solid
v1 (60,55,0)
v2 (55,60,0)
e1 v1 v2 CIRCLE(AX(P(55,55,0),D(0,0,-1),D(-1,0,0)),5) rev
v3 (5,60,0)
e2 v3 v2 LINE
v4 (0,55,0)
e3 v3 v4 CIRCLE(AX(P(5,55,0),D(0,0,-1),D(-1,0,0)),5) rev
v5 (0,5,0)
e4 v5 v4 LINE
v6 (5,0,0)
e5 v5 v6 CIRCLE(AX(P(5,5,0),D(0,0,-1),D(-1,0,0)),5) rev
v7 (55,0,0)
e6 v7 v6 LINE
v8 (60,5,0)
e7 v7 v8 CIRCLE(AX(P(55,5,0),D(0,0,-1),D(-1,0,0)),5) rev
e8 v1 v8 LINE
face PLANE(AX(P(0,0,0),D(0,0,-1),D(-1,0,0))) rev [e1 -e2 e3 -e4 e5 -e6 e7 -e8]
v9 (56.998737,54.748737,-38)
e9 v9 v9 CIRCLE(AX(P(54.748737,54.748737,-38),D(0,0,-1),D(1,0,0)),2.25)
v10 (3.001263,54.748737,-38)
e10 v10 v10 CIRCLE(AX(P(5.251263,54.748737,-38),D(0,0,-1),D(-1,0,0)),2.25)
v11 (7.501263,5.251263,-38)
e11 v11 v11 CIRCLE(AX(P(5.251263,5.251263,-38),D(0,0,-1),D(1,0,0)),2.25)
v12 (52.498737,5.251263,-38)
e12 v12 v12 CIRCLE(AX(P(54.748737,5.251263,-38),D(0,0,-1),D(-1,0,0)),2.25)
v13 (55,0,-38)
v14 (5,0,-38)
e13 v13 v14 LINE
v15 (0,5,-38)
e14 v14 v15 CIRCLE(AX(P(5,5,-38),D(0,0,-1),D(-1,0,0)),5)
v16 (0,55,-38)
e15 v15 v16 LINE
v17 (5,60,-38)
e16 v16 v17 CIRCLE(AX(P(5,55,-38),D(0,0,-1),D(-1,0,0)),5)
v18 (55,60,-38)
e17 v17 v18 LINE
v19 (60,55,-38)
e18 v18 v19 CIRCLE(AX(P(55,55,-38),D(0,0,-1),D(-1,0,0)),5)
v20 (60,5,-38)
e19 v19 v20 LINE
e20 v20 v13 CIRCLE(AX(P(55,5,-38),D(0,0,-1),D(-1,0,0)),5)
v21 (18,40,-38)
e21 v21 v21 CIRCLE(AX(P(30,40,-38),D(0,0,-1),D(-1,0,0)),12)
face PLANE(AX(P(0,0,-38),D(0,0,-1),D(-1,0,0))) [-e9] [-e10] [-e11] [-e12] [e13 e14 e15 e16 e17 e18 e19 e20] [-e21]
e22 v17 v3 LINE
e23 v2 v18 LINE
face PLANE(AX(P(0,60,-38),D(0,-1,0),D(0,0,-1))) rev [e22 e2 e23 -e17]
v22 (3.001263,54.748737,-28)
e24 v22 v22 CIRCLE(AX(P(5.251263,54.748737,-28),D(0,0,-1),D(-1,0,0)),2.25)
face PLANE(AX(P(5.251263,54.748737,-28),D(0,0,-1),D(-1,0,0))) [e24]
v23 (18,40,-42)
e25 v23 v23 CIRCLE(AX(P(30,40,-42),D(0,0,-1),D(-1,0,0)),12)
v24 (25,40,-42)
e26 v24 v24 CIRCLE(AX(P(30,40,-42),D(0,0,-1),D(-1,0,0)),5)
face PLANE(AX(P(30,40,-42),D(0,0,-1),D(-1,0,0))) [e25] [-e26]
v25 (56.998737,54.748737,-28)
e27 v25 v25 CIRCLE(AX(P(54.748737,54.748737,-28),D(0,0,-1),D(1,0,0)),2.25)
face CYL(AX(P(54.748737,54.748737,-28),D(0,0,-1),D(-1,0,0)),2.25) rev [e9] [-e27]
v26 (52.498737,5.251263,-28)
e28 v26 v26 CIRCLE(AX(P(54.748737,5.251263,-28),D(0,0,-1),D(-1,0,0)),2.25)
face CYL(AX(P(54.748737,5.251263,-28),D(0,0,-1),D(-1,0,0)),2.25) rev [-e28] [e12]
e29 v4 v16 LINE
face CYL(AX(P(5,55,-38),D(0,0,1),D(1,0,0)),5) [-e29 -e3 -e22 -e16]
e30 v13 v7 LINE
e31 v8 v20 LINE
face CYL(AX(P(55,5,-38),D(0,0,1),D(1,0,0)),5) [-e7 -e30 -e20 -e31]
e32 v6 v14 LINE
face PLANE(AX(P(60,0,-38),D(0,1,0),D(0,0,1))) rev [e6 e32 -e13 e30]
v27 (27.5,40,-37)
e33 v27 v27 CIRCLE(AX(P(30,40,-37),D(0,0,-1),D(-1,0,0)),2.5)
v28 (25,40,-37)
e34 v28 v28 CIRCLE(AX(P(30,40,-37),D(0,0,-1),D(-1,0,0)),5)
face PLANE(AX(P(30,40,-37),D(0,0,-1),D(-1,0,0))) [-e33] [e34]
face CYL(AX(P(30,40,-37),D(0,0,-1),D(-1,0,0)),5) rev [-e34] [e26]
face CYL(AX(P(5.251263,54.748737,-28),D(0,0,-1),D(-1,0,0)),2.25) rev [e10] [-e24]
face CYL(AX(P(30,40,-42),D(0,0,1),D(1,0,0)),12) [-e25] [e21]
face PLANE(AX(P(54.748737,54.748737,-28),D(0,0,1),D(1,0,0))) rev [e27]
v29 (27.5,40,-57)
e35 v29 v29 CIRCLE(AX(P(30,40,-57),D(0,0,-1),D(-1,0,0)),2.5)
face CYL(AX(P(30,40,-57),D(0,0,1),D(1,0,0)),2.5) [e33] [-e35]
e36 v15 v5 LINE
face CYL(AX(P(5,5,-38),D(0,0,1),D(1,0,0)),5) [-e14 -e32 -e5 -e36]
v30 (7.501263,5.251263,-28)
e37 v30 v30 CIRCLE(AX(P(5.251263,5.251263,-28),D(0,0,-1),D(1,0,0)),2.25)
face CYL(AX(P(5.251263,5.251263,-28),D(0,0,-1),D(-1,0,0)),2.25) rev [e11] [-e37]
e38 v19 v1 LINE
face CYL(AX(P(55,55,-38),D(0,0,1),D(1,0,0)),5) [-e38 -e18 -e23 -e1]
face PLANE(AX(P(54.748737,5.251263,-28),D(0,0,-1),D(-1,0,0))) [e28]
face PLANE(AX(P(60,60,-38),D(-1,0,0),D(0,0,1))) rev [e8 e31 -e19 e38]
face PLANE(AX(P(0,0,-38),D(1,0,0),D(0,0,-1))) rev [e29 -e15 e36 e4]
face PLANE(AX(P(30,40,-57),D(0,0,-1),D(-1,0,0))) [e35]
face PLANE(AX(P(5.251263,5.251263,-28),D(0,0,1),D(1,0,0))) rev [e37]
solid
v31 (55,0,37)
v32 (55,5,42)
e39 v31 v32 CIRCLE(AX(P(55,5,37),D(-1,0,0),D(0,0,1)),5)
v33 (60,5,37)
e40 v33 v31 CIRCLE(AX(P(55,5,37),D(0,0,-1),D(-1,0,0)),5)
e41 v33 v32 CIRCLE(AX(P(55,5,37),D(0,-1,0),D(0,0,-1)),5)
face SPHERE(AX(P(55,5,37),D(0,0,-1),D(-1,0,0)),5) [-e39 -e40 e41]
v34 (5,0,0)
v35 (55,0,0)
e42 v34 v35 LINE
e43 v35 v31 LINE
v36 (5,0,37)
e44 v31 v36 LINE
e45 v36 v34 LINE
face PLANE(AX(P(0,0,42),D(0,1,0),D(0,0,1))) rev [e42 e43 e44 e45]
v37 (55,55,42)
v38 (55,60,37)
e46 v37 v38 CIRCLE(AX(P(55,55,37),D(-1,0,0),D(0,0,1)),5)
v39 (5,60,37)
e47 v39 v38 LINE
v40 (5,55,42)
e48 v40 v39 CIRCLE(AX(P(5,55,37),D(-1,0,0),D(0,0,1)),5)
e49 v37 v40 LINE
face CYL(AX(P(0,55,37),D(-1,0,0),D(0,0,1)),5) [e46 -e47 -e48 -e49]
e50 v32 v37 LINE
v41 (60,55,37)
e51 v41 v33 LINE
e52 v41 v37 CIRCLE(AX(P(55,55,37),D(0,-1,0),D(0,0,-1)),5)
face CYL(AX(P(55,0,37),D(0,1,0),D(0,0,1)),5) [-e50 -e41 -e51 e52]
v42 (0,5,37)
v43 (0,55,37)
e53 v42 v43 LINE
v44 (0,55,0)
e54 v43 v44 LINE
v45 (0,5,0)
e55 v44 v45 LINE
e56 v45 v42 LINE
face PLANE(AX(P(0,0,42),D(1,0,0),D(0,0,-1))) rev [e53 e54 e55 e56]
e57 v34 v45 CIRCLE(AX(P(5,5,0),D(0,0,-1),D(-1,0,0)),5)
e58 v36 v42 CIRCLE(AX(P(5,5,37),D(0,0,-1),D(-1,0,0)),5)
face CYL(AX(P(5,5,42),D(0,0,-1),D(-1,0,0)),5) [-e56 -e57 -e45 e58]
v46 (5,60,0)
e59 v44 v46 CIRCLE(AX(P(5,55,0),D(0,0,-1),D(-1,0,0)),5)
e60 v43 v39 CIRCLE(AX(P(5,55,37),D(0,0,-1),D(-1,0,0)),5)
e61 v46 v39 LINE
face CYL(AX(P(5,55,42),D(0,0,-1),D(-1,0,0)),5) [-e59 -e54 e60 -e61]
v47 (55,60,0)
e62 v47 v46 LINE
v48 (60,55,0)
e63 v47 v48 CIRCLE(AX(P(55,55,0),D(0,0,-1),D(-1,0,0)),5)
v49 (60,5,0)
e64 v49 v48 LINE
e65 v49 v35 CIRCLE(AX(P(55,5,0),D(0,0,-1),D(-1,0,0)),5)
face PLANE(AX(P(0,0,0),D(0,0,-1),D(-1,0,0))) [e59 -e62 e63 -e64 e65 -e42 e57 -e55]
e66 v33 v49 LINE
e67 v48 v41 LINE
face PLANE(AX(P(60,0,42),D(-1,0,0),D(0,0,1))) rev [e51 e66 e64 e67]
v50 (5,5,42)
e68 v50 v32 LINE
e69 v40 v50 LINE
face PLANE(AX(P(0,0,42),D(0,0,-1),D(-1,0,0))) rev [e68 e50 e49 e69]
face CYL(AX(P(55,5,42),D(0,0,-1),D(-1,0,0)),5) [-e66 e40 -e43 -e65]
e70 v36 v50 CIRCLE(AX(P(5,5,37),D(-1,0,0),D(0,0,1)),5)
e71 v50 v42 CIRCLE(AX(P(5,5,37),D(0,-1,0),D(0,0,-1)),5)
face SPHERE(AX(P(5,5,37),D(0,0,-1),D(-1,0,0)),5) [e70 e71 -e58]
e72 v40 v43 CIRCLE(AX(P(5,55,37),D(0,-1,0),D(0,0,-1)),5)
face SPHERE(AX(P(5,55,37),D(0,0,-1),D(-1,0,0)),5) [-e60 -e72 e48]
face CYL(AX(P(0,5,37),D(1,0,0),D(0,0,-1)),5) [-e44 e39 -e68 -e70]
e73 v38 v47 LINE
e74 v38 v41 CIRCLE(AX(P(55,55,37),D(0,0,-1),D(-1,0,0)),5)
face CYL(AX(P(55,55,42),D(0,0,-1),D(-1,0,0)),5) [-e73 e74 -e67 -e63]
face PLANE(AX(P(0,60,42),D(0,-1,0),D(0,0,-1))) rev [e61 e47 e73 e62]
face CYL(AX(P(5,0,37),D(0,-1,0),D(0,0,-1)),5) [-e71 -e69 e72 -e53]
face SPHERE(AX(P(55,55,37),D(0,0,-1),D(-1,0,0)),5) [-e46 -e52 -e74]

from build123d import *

# Parameters (mm, degrees)
SKETCH2_W           = 60
SKETCH2_H           = 60
BOSS_EXTRUDE1_DEPTH = 42
SKETCH3_W           = 60
SKETCH3_H           = 60
BOSS_EXTRUDE2_DEPTH = 38
FILLET1_R           = 5
FILLET2_R           = 5
FILLET3_R           = 5
SKETCH4_R           = 2.25
CUT_EXTRUDE1_DEPTH  = 10
SKETCH5_R           = 12
BOSS_EXTRUDE3_DEPTH = 4
SKETCH6_R           = 5
BOSS_EXTRUDE4_DEPTH = 28
CUT_EXTRUDE2_DEPTH  = 28
SKETCH8_R           = 5
CUT_EXTRUDE3_DEPTH  = 33
SKETCH9_R           = 2.5
BOSS_EXTRUDE5_DEPTH = 20


with BuildPart() as part:
    # Sketch2 → Boss-Extrude1 (new body)
    with BuildSketch(Plane.XY):
        with Locations((30, 30)):
            Rectangle(SKETCH2_W, SKETCH2_H)
    extrude(amount=BOSS_EXTRUDE1_DEPTH)

    # Fillet1
    fillet1_edges = [part.edges().sort_by_distance(p)[0] for p in [
        (0, 60, 21),
        (60, 60, 21),
        (60, 0, 21),
        (0, 0, 21),
    ]]
    fillet(fillet1_edges, radius=FILLET1_R)

    # Fillet3
    fillet3_edges = [part.edges().sort_by_distance(p)[0] for p in [
        (30, 0, 42),
        (0, 30, 42),
        (60, 30, 42),
        (30, 60, 42),
        (58.535533906, 58.535533906, 42),
        (1.464466094, 58.535533906, 42),
        (58.535533906, 1.464466094, 42),
        (1.464466094, 1.464466094, 42),
    ]]
    fillet(fillet3_edges, radius=FILLET3_R)


with BuildPart() as body_2:
    # Sketch3 → Boss-Extrude2 (new body)
    with BuildSketch(Plane(origin=(0, 0, 0), x_dir=(-1, 0, 0), z_dir=(0, 0, -1))):
        with Locations((-30, 30)):
            Rectangle(SKETCH3_W, SKETCH3_H)
    extrude(amount=BOSS_EXTRUDE2_DEPTH)

    # Fillet2
    fillet2_edges = [body_2.edges().sort_by_distance(p)[0] for p in [
        (60, 0, -19),
        (60, 60, -19),
        (0, 60, -19),
        (0, 0, -19),
    ]]
    fillet(fillet2_edges, radius=FILLET2_R)

    # Sketch4 → Cut-Extrude1 (cut)
    with BuildSketch(Plane(origin=(0, 0, -38), x_dir=(-1, 0, 0), z_dir=(0, 0, -1))):
        with Locations((-5.251262658, 54.748737342)):
            Circle(SKETCH4_R)
        with Locations((-54.748737342, 54.748737342)):
            Circle(SKETCH4_R)
        with Locations((-54.748737342, 5.251262658)):
            Circle(SKETCH4_R)
        with Locations((-5.251262658, 5.251262658)):
            Circle(SKETCH4_R)
    extrude(amount=-CUT_EXTRUDE1_DEPTH, mode=Mode.SUBTRACT)

    # Sketch5 → Boss-Extrude3 (add)
    with BuildSketch(Plane(origin=(0, 0, -38), x_dir=(-1, 0, 0), z_dir=(0, 0, -1))):
        with Locations((-30, 40)):
            Circle(SKETCH5_R)
    extrude(amount=BOSS_EXTRUDE3_DEPTH)

    # Sketch6 → Boss-Extrude4 (add)
    with BuildSketch(Plane(origin=(0, 0, -42), x_dir=(-1, 0, 0), z_dir=(0, 0, -1))):
        with Locations((-30, 40)):
            Circle(SKETCH6_R)
    extrude(amount=BOSS_EXTRUDE4_DEPTH)

    # Sketch7 → Cut-Extrude2 (cut)
    with BuildSketch(Plane(origin=(0, 42.5, 0), x_dir=(1, 0, 0), z_dir=(0, 1, 0))):
        with BuildLine():
            Line((28, 47), (28, 70))
            Line((28, 70), (32, 70))
            Line((32, 70), (32, 47))
            ThreePointArc((32, 47), (30, 45), (28, 47))
        make_face()
    extrude(amount=CUT_EXTRUDE2_DEPTH, mode=Mode.SUBTRACT)

    # Sketch8 → Cut-Extrude3 (cut)
    with BuildSketch(Plane(origin=(0, 0, -70), x_dir=(-1, 0, 0), z_dir=(0, 0, -1))):
        with Locations((-30, 40)):
            Circle(SKETCH8_R)
    extrude(amount=-CUT_EXTRUDE3_DEPTH, mode=Mode.SUBTRACT)

    # Sketch9 → Boss-Extrude5 (add)
    with BuildSketch(Plane(origin=(0, 0, -37), x_dir=(-1, 0, 0), z_dir=(0, 0, -1))):
        with Locations((-30, 40)):
            Circle(SKETCH9_R)
    extrude(amount=BOSS_EXTRUDE5_DEPTH)


solid = Compound([part.part, body_2.part])
